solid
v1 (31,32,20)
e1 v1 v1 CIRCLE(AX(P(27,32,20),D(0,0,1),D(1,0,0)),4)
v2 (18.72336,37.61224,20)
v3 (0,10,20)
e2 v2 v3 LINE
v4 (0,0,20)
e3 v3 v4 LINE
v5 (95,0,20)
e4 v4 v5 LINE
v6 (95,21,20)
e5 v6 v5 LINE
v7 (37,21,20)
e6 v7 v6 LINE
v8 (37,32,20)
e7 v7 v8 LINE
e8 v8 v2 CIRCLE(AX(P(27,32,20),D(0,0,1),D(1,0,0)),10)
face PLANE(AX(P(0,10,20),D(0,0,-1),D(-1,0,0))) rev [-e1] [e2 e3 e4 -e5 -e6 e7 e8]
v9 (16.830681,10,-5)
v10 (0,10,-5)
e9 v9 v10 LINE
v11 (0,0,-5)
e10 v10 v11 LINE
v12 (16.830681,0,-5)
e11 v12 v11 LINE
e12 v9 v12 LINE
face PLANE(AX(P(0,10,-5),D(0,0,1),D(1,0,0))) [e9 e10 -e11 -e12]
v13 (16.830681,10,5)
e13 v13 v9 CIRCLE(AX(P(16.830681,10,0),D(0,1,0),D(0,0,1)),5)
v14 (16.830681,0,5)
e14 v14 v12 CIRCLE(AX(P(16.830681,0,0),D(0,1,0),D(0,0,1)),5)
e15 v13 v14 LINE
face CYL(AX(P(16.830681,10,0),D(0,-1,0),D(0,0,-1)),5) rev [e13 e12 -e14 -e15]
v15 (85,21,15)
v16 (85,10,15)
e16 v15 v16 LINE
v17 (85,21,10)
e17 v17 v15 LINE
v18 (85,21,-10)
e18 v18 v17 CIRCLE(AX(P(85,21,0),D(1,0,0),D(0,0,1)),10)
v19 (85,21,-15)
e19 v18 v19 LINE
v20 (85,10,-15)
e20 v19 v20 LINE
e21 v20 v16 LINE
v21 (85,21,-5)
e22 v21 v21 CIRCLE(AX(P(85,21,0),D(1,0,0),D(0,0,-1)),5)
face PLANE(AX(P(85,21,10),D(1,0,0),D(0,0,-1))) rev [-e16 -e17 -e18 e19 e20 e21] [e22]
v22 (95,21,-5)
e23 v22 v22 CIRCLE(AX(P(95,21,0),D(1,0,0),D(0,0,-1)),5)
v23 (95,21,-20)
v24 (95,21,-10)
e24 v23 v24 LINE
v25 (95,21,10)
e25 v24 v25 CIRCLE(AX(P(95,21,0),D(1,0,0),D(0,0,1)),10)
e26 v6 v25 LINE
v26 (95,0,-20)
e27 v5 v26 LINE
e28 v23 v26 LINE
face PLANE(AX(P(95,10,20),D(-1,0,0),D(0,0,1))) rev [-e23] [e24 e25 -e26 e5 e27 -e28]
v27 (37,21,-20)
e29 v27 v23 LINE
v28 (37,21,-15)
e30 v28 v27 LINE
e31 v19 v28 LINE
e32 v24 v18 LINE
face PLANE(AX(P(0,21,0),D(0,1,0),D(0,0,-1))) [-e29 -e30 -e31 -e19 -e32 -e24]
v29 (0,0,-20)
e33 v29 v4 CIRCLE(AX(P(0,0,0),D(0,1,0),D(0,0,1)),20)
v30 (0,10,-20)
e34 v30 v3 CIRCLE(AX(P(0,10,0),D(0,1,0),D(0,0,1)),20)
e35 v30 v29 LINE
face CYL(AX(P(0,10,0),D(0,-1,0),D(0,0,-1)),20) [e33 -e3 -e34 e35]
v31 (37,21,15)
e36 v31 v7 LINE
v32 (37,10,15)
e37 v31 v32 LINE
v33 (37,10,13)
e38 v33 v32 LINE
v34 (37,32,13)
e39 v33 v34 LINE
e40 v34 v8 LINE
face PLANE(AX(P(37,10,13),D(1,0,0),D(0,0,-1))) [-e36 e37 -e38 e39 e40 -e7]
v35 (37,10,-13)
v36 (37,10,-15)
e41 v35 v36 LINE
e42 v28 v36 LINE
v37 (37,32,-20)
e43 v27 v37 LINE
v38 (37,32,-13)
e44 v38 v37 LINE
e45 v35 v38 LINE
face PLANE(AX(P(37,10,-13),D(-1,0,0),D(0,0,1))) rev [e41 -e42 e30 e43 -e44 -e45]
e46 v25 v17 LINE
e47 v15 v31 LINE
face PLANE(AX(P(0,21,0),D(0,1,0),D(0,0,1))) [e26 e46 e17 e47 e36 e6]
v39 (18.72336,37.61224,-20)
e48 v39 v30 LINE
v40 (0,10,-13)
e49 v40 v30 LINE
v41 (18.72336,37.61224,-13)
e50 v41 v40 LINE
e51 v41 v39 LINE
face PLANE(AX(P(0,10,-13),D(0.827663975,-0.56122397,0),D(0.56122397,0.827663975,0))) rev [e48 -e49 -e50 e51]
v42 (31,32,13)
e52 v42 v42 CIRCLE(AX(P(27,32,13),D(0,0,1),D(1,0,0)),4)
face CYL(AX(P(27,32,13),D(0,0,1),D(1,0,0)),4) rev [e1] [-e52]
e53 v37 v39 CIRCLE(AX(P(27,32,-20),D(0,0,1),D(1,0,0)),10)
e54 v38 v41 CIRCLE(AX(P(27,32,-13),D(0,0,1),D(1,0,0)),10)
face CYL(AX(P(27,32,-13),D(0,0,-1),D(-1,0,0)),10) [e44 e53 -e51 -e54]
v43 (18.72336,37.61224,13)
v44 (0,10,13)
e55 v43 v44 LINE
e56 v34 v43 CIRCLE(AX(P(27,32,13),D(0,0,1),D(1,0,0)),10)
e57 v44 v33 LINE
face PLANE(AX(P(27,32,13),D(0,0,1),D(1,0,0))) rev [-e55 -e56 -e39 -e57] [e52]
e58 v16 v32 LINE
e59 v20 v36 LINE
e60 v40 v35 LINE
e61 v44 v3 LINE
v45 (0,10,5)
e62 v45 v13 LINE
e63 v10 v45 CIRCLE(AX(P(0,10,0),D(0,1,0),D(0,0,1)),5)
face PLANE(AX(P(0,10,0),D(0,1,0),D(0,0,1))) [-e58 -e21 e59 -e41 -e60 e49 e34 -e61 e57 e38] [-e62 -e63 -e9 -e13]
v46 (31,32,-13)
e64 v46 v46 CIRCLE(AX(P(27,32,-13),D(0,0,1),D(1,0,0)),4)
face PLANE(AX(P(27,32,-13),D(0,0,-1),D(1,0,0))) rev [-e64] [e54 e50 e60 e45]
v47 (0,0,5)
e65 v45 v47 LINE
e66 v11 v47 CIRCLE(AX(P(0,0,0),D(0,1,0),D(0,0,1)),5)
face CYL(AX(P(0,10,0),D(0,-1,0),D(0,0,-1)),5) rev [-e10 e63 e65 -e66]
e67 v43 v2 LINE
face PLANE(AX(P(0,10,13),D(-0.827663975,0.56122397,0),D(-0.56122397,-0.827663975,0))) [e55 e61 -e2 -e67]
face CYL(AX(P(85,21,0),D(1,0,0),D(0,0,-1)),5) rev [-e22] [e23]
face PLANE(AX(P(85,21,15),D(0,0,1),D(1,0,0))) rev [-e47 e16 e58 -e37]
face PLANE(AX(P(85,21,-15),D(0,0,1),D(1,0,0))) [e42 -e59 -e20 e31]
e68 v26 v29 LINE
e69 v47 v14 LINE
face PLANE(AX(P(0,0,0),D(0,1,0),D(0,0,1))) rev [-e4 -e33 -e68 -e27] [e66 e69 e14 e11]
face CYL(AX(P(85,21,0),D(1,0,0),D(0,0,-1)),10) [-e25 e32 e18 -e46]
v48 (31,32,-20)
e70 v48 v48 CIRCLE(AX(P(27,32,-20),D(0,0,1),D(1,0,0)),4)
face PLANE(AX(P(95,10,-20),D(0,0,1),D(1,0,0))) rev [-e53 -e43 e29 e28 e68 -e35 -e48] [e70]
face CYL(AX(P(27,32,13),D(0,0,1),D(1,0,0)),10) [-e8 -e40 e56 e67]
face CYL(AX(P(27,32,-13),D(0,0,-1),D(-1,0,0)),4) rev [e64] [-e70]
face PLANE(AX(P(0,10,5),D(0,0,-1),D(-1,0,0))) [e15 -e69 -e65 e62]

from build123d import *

# Parameters (mm, degrees)
BOSS_EXTRUDE1_DEPTH = 10
SKETCH2_R           = 4
BOSS_EXTRUDE2_DEPTH = 7
BOSS_EXTRUDE3_DEPTH = 11
SKETCH5_R           = 5
BOSS_EXTRUDE4_DEPTH = 10


with BuildPart() as part:
    # Sketch1 → Boss-Extrude1 (new body)
    with BuildSketch(Plane(origin=(0, 0, 0), x_dir=(1, 0, 0), z_dir=(0, 1, 0))):
        with BuildLine():
            Line((0, -20), (95, -20))
            Line((95, -20), (95, 20))
            Line((95, 20), (0, 20))
            ThreePointArc((0, 20), (-20, 0), (0, -20))
        make_face()
        with BuildLine():
            Line((0, -5), (16.830680512, -5))
            ThreePointArc((16.830680512, -5), (21.830680512, 0), (16.830680512, 5))
            Line((16.830680512, 5), (0, 5))
            ThreePointArc((0, 5), (-5, 0), (0, -5))
        make_face(mode=Mode.SUBTRACT)
    extrude(amount=BOSS_EXTRUDE1_DEPTH)

    # Sketch2 → Boss-Extrude2 (add)
    with BuildSketch(Plane.XY.offset(20)):
        with BuildLine():
            Line((0, 10), (37, 10))
            Line((37, 10), (37, 32))
            ThreePointArc((37, 32), (29.935438849, 41.559455987), (18.723360248, 37.612239696))
            Line((18.723360248, 37.612239696), (0, 10))
        make_face()
        with Locations((27, 32)):
            Circle(SKETCH2_R, mode=Mode.SUBTRACT)
    boss_extrude2 = extrude(amount=-BOSS_EXTRUDE2_DEPTH)

    # Mirror1: Boss-Extrude2 across plane
    add(boss_extrude2.mirror(Plane.XY))

    # Sketch4 → Boss-Extrude3 (add)
    with BuildSketch(Plane(origin=(0, 10, 0), x_dir=(1, 0, 0), z_dir=(0, 1, 0))):
        Polygon((37, -20), (95, -20), (95, -10), (85, -10), (85, -15), (37, -15), align=None)
    boss_extrude3 = extrude(amount=BOSS_EXTRUDE3_DEPTH)

    # Mirror2: Boss-Extrude3 across plane
    add(boss_extrude3.mirror(Plane.XY))

    # Sketch5 → Boss-Extrude4 (add)
    with BuildSketch(Plane(origin=(95, 0, 0), x_dir=(0, 0, -1), z_dir=(1, 0, 0))):
        with BuildLine():
            Line((-10, 10), (10, 10))
            Line((10, 10), (10, 21))
            ThreePointArc((10, 21), (0, 31), (-10, 21))
            Line((-10, 21), (-10, 10))
        make_face()
        with Locations((0, 21)):
            Circle(SKETCH5_R, mode=Mode.SUBTRACT)
    extrude(amount=-BOSS_EXTRUDE4_DEPTH)


solid = part.part
